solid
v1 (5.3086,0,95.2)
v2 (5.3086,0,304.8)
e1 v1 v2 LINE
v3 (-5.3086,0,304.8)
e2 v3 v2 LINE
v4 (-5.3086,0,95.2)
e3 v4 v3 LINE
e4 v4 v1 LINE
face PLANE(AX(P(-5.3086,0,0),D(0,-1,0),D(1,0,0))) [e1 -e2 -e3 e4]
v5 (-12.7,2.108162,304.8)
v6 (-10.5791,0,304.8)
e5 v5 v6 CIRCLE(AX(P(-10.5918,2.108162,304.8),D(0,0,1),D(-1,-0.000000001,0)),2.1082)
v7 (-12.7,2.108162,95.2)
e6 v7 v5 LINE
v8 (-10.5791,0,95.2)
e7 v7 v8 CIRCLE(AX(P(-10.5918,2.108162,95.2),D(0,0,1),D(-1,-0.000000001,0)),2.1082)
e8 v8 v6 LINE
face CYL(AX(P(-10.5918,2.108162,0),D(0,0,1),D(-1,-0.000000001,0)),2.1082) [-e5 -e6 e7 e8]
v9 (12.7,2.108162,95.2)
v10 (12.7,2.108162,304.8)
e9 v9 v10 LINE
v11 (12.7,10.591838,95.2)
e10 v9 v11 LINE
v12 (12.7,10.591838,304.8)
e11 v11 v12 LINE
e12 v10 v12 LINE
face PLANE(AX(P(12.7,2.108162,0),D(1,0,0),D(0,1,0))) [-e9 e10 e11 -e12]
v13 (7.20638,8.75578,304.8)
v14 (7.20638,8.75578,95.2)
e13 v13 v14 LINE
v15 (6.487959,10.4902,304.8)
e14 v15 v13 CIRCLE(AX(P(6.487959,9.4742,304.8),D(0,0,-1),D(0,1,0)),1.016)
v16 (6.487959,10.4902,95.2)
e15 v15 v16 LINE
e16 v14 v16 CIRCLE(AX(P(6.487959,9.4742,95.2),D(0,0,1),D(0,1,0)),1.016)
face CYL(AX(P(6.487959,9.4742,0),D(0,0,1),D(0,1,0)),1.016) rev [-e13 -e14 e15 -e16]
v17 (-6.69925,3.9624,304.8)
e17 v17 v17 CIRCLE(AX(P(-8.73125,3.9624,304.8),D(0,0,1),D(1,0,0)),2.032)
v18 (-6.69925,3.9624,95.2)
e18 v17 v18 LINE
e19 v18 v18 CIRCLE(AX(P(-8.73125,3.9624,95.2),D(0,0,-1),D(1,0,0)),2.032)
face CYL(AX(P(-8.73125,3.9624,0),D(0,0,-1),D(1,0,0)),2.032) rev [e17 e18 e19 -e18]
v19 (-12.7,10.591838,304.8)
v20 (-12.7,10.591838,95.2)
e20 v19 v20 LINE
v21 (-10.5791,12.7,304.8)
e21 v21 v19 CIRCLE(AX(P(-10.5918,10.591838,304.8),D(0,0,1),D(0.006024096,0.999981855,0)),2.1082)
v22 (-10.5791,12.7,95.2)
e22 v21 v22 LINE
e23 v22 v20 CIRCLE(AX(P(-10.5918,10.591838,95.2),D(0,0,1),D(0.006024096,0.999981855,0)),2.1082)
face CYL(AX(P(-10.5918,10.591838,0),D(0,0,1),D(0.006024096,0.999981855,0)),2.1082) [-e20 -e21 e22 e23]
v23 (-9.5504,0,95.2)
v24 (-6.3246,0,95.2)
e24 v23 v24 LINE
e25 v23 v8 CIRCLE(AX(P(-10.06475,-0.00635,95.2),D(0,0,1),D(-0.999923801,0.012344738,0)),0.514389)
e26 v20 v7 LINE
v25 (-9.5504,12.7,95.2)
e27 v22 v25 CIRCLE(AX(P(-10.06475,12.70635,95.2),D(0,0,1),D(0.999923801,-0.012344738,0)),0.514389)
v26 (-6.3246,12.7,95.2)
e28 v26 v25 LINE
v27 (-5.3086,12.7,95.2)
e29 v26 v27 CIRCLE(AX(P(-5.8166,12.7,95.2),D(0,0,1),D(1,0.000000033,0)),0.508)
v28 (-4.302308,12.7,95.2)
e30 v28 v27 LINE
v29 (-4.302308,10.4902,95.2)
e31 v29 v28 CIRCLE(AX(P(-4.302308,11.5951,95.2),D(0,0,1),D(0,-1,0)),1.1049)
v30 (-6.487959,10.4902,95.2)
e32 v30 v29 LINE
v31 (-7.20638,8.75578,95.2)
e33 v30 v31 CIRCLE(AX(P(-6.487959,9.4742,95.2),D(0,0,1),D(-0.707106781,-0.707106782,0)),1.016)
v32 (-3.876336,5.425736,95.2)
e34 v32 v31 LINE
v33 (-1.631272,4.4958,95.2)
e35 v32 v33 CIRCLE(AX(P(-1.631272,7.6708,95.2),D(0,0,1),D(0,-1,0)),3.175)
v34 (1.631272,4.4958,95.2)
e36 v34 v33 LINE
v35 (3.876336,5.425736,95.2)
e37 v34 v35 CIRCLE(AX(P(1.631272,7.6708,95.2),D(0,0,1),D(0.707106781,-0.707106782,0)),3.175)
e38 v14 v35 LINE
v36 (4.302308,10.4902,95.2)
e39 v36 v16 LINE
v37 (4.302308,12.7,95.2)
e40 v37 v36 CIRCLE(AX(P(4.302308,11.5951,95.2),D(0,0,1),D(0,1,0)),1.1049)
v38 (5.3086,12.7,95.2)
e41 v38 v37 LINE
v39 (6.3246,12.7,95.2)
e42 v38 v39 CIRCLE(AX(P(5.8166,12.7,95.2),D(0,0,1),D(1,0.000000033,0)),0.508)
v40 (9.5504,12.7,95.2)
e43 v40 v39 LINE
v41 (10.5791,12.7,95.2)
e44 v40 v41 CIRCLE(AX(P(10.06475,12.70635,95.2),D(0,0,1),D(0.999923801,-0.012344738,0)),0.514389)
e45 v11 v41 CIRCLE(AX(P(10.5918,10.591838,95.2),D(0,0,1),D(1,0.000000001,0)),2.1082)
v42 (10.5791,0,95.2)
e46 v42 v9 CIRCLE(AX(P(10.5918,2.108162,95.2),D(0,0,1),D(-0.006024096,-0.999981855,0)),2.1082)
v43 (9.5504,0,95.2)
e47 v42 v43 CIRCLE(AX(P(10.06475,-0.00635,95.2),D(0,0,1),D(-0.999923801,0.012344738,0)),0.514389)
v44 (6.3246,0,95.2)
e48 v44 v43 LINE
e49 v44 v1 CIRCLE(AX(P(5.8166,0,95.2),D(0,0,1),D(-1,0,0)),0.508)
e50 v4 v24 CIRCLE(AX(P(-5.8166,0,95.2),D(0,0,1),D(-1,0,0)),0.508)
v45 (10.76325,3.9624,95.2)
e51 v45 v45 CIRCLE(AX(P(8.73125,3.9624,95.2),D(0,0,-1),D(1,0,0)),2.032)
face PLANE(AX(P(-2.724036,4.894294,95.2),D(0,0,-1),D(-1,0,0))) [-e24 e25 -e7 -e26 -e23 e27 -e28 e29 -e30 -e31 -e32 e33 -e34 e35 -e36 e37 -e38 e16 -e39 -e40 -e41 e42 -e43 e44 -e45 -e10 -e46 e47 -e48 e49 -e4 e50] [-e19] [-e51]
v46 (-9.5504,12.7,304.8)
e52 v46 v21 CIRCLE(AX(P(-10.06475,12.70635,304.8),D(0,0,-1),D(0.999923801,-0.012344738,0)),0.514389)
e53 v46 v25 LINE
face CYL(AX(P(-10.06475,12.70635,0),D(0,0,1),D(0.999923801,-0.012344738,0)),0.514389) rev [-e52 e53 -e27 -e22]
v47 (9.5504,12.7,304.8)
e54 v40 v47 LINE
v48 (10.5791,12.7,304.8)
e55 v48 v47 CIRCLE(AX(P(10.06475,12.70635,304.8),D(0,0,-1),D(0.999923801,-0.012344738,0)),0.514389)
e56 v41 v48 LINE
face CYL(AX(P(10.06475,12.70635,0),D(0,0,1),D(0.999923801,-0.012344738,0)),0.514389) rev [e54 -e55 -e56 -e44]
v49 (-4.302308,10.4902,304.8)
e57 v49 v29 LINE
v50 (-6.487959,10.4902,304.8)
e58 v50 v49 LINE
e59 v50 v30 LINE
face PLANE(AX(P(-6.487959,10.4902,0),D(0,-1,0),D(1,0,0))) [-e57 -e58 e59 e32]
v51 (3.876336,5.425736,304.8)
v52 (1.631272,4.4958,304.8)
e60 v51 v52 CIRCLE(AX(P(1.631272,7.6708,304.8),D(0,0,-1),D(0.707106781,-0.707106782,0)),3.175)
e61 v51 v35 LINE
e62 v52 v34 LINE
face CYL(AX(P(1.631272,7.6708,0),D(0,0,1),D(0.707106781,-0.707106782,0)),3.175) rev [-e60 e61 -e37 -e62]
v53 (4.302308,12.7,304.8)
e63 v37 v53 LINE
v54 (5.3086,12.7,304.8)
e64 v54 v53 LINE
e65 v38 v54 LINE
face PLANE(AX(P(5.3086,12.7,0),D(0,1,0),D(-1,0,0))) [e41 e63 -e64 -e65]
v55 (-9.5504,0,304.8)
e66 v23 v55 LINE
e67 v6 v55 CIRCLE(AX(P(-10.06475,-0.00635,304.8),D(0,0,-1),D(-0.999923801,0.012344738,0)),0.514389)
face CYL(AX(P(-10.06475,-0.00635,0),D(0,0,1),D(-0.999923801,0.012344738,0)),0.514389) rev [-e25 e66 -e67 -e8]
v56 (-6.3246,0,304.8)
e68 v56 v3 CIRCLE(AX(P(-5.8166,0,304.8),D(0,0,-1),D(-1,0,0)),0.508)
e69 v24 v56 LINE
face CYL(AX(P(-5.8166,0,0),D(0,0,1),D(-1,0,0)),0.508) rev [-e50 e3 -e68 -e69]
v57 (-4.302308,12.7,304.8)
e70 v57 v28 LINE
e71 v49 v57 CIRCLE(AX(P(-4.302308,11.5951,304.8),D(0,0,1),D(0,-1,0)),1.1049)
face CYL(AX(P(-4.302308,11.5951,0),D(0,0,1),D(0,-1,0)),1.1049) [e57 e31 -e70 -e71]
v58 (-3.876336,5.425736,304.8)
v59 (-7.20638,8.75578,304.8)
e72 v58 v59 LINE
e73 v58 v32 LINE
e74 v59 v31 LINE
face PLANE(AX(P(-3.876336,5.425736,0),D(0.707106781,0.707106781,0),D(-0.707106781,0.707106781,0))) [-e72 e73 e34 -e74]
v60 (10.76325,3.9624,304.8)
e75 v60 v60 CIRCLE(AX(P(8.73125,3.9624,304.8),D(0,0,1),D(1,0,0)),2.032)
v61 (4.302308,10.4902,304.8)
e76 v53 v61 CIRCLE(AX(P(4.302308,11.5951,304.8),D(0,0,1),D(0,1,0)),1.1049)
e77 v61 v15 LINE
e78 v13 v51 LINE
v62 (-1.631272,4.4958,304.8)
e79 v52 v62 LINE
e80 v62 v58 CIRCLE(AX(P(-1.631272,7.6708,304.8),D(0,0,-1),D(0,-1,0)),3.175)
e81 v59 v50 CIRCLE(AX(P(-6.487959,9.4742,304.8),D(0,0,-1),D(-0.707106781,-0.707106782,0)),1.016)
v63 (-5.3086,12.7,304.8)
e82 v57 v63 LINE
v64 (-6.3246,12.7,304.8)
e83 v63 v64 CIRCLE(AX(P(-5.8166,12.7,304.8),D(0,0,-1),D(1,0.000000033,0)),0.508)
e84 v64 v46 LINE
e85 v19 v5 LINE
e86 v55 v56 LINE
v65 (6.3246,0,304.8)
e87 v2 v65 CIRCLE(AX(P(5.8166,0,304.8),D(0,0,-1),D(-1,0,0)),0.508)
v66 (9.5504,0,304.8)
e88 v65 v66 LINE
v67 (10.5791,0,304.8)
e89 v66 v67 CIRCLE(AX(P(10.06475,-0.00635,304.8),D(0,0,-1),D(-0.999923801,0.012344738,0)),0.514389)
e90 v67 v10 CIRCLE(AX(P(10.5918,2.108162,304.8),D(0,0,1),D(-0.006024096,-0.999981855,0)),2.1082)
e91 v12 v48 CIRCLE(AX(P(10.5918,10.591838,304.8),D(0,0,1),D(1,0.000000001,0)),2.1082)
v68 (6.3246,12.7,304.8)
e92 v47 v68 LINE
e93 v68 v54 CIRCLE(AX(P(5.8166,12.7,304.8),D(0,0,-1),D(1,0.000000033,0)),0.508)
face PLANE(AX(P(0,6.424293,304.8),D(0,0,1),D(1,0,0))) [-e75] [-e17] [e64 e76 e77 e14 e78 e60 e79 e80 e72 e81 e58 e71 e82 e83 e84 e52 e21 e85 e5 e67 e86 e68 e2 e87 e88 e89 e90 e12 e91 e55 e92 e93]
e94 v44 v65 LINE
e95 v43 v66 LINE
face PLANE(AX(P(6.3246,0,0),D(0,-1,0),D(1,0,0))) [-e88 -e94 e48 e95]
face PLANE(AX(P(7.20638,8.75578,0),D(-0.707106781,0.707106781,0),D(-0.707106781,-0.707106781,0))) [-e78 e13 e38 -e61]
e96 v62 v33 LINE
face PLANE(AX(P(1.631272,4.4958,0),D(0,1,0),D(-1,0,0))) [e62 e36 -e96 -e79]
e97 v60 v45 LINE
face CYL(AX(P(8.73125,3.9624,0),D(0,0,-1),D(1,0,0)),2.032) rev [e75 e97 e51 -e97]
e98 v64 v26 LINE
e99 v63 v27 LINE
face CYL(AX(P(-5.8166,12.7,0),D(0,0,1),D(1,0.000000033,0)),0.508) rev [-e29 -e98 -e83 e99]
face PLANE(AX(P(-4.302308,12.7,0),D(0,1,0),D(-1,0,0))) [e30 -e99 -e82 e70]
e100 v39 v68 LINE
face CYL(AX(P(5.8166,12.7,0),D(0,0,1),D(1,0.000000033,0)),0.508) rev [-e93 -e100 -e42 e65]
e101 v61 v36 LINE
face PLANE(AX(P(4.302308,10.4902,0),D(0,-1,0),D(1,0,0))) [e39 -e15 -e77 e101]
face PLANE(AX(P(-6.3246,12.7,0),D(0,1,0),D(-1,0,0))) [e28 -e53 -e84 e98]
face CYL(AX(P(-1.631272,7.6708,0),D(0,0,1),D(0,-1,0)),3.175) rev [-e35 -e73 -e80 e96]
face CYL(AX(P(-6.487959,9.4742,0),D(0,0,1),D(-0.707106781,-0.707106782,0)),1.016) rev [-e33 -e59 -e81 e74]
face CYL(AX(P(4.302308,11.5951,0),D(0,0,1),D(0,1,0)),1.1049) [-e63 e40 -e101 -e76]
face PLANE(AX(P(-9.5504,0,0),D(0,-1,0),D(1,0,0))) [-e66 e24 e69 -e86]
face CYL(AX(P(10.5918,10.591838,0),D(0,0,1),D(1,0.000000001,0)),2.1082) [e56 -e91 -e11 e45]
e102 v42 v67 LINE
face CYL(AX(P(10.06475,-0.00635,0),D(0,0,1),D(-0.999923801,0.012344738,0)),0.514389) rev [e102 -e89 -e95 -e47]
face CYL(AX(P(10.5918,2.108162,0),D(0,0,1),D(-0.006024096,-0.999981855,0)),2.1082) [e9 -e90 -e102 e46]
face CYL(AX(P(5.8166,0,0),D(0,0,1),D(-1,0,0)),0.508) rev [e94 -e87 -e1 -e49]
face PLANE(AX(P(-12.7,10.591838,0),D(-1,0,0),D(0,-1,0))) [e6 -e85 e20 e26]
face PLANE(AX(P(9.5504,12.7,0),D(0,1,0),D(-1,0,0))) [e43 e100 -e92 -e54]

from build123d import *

# Parameters (mm, degrees)
SKETCH1_R           = 2.032
BOSS_EXTRUDE1_DEPTH = 304.8
SKETCH2_W           = 42.88308167
SKETCH2_H           = 34.457496419
CUT_EXTRUDE1_DEPTH  = 400


with BuildPart() as part:
    # Sketch1 → Boss-Extrude1 (new body, symmetric)
    with BuildSketch(Plane.XY):
        with BuildLine():
            Line((-12.7, 10.591838253), (-12.7, 2.108161747))
            ThreePointArc((-12.7, 2.108161747), (-12.078025605, 0.612955845), (-10.5791, 0))
            ThreePointArc((-10.5791, 0), (-10.06475, 0.508039196), (-9.5504, 0))
            Line((-9.5504, 0), (-6.3246, 0))
            ThreePointArc((-6.3246, 0), (-5.8166, 0.508), (-5.3086, 0))
            Line((-5.3086, 0), (5.3086, 0))
            ThreePointArc((5.3086, 0), (5.8166, 0.508), (6.3246, 0))
            Line((6.3246, 0), (9.5504, 0))
            ThreePointArc((9.5504, 0), (10.06475, 0.508039196), (10.5791, 0))
            ThreePointArc((10.5791, 0), (12.078025605, 0.612955845), (12.7, 2.108161747))
            Line((12.7, 2.108161747), (12.7, 10.591838253))
            ThreePointArc((12.7, 10.591838253), (12.078025605, 12.087044155), (10.5791, 12.7))
            ThreePointArc((10.5791, 12.7), (10.06475, 12.191960804), (9.5504, 12.7))
            Line((9.5504, 12.7), (6.3246, 12.7))
            ThreePointArc((6.3246, 12.7), (5.816599999, 12.191999983), (5.3086, 12.700000002))
            Line((5.3086, 12.700000002), (4.302307889, 12.700000002))
            ThreePointArc((4.302307889, 12.700000002), (3.197407889, 11.595100002), (4.302307889, 10.490200002))
            Line((4.302307889, 10.490200002), (6.487959021, 10.490200002))
            ThreePointArc((6.487959021, 10.490200002), (7.426620626, 9.863006369), (7.20637951, 8.755779512))
            Line((7.20637951, 8.755779512), (3.87633597, 5.425735971))
            ThreePointArc((3.87633597, 5.425735971), (2.846291837, 4.737482486), (1.631271939, 4.495800002))
            Line((1.631271939, 4.495800002), (-1.631271939, 4.495800002))
            ThreePointArc((-1.631271939, 4.495800002), (-2.846291837, 4.737482486), (-3.87633597, 5.425735971))
            Line((-3.87633597, 5.425735971), (-7.20637951, 8.755779512))
            ThreePointArc((-7.20637951, 8.755779512), (-7.426620626, 9.863006369), (-6.487959021, 10.490200002))
            Line((-6.487959021, 10.490200002), (-4.302307889, 10.490200002))
            ThreePointArc((-4.302307889, 10.490200002), (-3.197407889, 11.595100002), (-4.302307889, 12.700000002))
            Line((-4.302307889, 12.700000002), (-5.3086, 12.700000002))
            ThreePointArc((-5.3086, 12.700000002), (-5.816599999, 12.191999985), (-6.3246, 12.7))
            Line((-6.3246, 12.7), (-9.5504, 12.7))
            ThreePointArc((-9.5504, 12.7), (-10.06475, 12.191960804), (-10.5791, 12.7))
            ThreePointArc((-10.5791, 12.7), (-12.078025605, 12.087044155), (-12.7, 10.591838253))
        make_face()
        with Locations((-8.73125, 3.9624)):
            Circle(SKETCH1_R, mode=Mode.SUBTRACT)
        with Locations((8.73125, 3.9624)):
            Circle(SKETCH1_R, mode=Mode.SUBTRACT)
    extrude(amount=BOSS_EXTRUDE1_DEPTH, both=True)

    # Sketch2 → Cut-Extrude1 (cut)
    with BuildSketch(Plane(origin=(0, 0, -304.8), x_dir=(-1, 0, 0), z_dir=(0, 0, -1))):
        with Locations((2.724035754, 4.894294136)):
            Rectangle(SKETCH2_W, SKETCH2_H)
    extrude(amount=-CUT_EXTRUDE1_DEPTH, mode=Mode.SUBTRACT)


solid = part.part
